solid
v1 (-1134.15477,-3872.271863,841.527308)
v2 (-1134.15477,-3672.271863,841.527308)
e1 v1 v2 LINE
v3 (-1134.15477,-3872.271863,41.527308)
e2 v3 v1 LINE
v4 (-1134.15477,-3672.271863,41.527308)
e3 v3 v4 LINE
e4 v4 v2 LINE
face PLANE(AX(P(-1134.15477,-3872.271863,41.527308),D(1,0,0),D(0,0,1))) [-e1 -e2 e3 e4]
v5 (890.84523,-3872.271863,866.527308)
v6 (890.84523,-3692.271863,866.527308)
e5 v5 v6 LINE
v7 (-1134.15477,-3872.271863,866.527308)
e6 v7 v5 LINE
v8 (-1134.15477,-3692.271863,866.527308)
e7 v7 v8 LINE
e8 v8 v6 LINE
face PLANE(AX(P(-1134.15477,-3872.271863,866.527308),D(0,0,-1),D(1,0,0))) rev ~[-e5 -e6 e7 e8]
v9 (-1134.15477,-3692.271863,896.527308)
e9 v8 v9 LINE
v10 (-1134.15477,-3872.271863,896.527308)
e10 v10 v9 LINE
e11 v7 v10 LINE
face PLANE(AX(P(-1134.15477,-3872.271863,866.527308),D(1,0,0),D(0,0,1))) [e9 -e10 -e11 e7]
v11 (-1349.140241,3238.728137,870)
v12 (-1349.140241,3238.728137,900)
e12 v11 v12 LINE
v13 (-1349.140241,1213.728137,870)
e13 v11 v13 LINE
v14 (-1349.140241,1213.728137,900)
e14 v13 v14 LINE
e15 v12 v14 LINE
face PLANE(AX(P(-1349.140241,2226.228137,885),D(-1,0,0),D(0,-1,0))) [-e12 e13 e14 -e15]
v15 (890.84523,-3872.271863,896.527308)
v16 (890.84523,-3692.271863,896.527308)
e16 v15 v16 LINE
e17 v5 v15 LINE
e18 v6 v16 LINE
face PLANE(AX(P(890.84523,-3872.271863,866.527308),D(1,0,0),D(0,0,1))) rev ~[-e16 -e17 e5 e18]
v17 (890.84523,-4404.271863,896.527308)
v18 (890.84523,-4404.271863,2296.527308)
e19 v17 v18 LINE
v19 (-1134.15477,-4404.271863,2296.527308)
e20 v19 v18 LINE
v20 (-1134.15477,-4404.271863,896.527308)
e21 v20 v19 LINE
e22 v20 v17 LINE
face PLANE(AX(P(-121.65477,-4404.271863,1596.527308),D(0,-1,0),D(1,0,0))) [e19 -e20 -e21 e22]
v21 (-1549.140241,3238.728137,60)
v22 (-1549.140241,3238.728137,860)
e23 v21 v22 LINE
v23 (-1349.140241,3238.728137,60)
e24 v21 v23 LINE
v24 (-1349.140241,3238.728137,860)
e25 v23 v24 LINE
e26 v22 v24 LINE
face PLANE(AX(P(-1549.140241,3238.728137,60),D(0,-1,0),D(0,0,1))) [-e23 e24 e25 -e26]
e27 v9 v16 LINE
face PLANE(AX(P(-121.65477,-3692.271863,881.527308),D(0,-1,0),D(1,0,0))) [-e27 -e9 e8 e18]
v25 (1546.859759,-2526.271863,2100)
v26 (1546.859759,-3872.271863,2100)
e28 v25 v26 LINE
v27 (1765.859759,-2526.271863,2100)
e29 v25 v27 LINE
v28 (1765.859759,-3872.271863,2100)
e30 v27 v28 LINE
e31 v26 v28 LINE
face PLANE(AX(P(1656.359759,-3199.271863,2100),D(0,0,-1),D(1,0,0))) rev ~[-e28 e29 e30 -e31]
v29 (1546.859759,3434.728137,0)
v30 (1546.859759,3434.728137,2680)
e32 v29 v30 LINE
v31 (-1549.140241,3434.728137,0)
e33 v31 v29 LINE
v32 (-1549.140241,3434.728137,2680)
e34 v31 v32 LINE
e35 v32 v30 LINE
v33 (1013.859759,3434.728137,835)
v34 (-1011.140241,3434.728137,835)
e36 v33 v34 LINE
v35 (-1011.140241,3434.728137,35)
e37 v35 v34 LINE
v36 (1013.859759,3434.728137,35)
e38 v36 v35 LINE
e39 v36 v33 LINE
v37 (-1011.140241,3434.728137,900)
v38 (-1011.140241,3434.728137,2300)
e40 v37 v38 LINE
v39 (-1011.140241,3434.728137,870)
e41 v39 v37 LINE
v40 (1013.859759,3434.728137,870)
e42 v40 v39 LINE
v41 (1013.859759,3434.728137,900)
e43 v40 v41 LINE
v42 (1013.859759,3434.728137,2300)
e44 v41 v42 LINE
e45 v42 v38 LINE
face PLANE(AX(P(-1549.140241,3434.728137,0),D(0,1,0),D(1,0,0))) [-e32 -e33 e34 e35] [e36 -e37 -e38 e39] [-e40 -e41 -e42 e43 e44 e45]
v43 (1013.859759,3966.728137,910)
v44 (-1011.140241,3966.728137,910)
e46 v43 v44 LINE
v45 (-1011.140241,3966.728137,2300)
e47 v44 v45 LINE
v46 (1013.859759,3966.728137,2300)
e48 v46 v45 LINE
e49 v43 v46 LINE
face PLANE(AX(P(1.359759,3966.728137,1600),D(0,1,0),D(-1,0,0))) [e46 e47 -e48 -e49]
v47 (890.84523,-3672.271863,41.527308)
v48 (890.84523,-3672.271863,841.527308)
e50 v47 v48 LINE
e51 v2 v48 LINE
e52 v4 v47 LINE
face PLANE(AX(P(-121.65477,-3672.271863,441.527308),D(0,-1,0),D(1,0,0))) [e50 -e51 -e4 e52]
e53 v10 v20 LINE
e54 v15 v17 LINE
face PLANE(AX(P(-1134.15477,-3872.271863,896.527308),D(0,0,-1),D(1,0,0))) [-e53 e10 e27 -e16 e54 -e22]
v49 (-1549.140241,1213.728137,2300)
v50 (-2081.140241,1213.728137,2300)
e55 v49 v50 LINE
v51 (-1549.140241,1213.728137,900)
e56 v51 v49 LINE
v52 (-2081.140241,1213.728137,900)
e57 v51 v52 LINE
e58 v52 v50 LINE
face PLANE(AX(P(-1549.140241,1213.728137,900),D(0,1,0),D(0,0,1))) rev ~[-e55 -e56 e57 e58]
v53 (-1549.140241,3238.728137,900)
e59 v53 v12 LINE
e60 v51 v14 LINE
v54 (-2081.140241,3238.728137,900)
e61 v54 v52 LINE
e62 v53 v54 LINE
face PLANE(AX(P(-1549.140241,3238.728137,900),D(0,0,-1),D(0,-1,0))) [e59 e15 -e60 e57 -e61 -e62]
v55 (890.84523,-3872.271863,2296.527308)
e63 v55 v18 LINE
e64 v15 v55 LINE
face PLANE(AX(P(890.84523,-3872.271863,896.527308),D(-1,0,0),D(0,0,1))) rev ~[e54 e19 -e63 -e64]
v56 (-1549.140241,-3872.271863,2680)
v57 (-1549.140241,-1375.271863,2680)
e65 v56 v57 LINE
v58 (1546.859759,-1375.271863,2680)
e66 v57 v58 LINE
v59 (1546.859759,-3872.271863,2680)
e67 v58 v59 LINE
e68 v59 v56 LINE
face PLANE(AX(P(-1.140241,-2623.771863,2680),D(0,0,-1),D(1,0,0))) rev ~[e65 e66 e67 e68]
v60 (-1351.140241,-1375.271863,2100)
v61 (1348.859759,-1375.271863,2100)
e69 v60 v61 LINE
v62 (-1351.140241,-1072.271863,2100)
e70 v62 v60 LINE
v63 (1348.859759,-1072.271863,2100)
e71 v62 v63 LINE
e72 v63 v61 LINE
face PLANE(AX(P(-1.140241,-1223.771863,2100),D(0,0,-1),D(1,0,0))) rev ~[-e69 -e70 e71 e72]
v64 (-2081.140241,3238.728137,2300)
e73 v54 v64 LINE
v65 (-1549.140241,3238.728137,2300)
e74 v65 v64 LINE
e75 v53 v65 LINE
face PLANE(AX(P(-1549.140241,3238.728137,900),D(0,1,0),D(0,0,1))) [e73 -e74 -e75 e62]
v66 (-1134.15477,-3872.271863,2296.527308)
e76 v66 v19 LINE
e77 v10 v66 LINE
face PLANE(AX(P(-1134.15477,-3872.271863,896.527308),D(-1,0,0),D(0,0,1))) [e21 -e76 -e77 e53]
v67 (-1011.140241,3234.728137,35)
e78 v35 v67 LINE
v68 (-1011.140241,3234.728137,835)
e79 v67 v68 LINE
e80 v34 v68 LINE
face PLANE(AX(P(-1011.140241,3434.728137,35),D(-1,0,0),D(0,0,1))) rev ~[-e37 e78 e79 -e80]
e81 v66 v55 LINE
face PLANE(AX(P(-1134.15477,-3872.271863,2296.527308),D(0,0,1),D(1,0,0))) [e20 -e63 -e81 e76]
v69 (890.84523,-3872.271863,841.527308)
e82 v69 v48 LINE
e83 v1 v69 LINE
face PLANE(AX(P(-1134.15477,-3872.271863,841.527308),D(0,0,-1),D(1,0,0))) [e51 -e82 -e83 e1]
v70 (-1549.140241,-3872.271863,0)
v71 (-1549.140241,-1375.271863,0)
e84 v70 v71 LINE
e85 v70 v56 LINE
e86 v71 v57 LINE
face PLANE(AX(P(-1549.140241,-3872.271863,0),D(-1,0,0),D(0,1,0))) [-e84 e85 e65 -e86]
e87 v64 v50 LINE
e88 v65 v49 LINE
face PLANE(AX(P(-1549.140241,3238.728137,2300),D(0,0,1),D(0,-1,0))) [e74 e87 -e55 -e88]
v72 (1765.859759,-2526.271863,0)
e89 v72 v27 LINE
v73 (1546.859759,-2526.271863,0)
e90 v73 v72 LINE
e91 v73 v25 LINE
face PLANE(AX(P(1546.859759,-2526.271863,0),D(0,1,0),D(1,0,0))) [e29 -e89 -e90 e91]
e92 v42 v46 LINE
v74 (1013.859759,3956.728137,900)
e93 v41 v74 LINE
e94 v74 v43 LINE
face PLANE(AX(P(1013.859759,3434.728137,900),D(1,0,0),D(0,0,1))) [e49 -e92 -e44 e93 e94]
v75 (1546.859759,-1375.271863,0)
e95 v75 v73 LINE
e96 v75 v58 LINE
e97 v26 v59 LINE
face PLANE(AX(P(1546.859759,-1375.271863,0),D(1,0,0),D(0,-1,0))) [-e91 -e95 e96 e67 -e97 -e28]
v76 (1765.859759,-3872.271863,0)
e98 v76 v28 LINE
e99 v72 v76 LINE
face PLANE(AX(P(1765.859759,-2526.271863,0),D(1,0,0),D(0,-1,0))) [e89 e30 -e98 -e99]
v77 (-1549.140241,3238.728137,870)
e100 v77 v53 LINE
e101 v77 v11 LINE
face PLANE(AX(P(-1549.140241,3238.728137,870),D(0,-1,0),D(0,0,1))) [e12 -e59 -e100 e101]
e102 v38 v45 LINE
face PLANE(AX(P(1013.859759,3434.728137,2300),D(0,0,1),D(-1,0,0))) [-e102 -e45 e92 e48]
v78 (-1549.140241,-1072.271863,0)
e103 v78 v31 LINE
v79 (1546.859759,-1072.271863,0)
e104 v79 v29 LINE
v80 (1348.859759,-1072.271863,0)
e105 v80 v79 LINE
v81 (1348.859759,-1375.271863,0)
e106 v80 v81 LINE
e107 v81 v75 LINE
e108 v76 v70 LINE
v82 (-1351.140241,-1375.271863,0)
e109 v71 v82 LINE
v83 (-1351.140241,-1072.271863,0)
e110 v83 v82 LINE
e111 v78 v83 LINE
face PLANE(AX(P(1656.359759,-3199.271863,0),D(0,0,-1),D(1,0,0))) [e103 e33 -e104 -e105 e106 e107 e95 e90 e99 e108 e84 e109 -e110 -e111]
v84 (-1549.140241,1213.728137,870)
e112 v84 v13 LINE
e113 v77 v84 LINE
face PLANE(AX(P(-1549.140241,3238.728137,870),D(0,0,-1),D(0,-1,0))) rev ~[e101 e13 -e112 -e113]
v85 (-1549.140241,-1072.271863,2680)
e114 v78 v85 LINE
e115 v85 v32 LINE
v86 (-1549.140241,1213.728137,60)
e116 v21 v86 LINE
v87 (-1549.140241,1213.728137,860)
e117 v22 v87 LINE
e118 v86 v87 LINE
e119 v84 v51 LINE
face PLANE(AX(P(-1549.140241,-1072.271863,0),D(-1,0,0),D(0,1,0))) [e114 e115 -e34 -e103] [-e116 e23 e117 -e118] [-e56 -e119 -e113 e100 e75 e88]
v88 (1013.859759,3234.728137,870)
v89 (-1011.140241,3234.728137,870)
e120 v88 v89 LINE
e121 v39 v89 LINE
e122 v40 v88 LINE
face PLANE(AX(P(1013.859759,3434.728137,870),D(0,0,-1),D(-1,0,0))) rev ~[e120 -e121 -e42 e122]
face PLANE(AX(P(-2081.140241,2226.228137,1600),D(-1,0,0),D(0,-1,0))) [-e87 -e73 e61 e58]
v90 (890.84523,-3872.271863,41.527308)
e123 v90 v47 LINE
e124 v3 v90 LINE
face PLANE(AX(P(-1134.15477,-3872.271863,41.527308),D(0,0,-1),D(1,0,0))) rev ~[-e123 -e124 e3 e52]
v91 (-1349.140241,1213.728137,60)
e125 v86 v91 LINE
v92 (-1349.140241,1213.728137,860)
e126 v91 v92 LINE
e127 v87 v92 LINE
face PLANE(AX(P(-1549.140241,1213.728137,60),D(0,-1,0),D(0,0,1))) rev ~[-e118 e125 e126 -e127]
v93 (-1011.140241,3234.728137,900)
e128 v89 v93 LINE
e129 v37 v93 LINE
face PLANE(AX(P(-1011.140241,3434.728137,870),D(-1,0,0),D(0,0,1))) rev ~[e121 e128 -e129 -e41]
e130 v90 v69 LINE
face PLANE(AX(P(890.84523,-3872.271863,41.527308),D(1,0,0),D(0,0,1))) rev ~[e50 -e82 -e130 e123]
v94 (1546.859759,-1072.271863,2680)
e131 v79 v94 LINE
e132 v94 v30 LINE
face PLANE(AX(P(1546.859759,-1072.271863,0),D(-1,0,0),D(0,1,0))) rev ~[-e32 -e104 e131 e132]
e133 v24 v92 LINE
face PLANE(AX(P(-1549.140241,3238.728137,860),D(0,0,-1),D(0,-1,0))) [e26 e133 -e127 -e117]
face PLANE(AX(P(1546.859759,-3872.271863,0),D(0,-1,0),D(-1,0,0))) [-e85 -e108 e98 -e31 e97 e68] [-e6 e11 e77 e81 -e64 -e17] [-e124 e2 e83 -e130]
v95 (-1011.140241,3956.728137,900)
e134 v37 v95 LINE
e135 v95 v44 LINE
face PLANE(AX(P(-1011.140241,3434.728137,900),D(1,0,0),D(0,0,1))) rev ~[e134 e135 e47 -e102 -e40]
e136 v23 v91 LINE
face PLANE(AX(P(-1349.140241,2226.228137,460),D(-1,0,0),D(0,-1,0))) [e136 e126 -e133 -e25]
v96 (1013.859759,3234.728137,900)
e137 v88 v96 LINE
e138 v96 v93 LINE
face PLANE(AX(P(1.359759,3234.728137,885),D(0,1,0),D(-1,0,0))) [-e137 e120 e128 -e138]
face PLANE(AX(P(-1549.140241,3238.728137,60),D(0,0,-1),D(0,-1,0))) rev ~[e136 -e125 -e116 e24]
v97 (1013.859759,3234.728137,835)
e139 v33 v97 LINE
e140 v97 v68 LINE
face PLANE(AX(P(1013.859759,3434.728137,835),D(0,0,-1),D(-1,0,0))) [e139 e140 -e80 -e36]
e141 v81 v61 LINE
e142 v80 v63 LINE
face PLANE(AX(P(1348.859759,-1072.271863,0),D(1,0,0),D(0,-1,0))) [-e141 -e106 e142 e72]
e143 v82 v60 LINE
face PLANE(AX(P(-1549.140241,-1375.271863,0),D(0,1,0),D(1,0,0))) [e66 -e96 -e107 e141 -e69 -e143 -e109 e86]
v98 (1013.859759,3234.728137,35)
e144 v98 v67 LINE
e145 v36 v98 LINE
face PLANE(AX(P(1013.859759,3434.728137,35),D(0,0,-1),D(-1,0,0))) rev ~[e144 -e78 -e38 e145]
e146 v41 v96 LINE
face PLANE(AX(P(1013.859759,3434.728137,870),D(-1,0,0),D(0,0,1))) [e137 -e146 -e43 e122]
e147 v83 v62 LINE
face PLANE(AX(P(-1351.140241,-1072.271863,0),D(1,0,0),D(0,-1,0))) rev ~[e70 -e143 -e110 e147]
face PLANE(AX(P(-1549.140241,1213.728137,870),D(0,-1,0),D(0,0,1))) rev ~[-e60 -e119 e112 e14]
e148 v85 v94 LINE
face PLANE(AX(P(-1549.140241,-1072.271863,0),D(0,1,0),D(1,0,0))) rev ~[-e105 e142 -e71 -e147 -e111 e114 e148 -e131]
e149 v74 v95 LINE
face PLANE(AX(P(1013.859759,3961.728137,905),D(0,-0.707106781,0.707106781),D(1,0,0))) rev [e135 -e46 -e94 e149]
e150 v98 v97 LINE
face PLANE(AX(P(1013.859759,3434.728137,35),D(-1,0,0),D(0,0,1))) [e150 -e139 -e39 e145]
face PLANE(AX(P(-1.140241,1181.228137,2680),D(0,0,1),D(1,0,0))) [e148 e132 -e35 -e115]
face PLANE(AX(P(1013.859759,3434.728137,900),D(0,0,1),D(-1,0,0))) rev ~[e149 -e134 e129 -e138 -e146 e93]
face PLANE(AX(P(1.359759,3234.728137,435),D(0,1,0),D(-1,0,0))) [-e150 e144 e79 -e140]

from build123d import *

# Parameters (mm, degrees)
F0_W      = 3096
F0_H      = 4507
F1_DEPTH  = 2680
F2_W      = 2025
F2_H      = 1400
F3_DEPTH  = 532
F4_W      = 2025
F4_H      = 1400
F5_DEPTH  = 532
F6_W      = 2025
F6_H      = 800
F7_DEPTH  = 200
F8_W      = 2700
F8_H      = 303
F9_DEPTH  = 2100
F11_DEPTH = 2680
F12_W     = 219
F12_H     = 1346
F13_DEPTH = 2100
F14_W     = 2025
F14_H     = 1400
F15_DEPTH = 532
F17_SIZE  = 10
F19_W     = 2025
F19_H     = 30
F20_DEPTH = 200
F21_W     = 2025
F21_H     = 30
F22_DEPTH = 180
F18_W     = 2025
F18_H     = 800
F23_DEPTH = 200
F24_W     = 2025
F24_H     = 30
F25_DEPTH = 200
F26_W     = 2025
F26_H     = 800
F27_DEPTH = 200


with BuildPart() as f1:
    # F0 (on Top) → F1 (new body)
    with BuildSketch(Plane.XY):
        with Locations((-1.140241, 1181.228137)):
            Rectangle(F0_W, F0_H)
    extrude(amount=F1_DEPTH)

    # F2 (on face) → F3 (join)
    with BuildSketch(Plane(origin=(0, 3434.728137, 0), x_dir=(-1, 0, 0), z_dir=(0, 1, 0))):
        with Locations((-1.359759, 1600)):
            Rectangle(F2_W, F2_H)
    extrude(amount=F3_DEPTH)

    # F4 (on face) → F5 (join)
    with BuildSketch(Plane(origin=(-1549.140241, 0, 0), x_dir=(0, -1, 0), z_dir=(-1, 0, 0))):
        with Locations((-2226.228137, 1600)):
            Rectangle(F4_W, F4_H)
    extrude(amount=F5_DEPTH)

    # F6 (on face) → F7 (cut)
    with BuildSketch(Plane(origin=(0, 3434.728137, 0), x_dir=(-1, 0, 0), z_dir=(0, 1, 0))):
        with Locations((-1.359759, 435)):
            Rectangle(F6_W, F6_H)
    extrude(amount=-F7_DEPTH, mode=Mode.SUBTRACT)

    # F8 (on face) → F9 (join)
    with BuildSketch(Plane(origin=(0, 0, 0), x_dir=(1, 0, 0), z_dir=(0, 0, -1))):
        with Locations((-1.140241, 1223.771863)):
            Rectangle(F8_W, F8_H)
    extrude(amount=-F9_DEPTH)

    # F10 (on face) → F11 (join)
    with BuildSketch(Plane(origin=(0, 0, 0), x_dir=(1, 0, 0), z_dir=(0, 0, -1))):
        Polygon((-1549.140241, 3872.271863), (-1549.140241, 1375.271863), (-1351.140241, 1375.271863), (1546.859759, 1375.271863), (1546.859759, 3872.271863), align=None)
    extrude(amount=-F11_DEPTH)

    # F12 (on face) → F13 (join)
    with BuildSketch(Plane(origin=(0, 0, 0), x_dir=(1, 0, 0), z_dir=(0, 0, -1))):
        with Locations((1656.359759, 3199.271863)):
            Rectangle(F12_W, F12_H)
    extrude(amount=-F13_DEPTH)

    # F14 (on face) → F15 (join)
    with BuildSketch(Plane.XZ.offset(3872.271863)):
        with Locations((-121.65477, 1596.527308)):
            Rectangle(F14_W, F14_H)
    extrude(amount=F15_DEPTH)

    # F17
    f17_edges = [f1.edges().sort_by_distance(p)[0] for p in [
        (1.359759, 3966.728137, 900),
    ]]
    chamfer(f17_edges, length=F17_SIZE)

    # F19 (on face) → F20 (cut)
    with BuildSketch(Plane(origin=(0, 3434.728137, 0), x_dir=(-1, 0, 0), z_dir=(0, 1, 0))):
        with Locations((-1.359759, 885)):
            Rectangle(F19_W, F19_H)
    extrude(amount=-F20_DEPTH, mode=Mode.SUBTRACT)

    # F21 (on face) → F22 (cut)
    with BuildSketch(Plane.XZ.offset(3872.271863)):
        with Locations((-121.65477, 881.527308)):
            Rectangle(F21_W, F21_H)
    extrude(amount=-F22_DEPTH, mode=Mode.SUBTRACT)

    # F18 (on face) → F23 (cut)
    with BuildSketch(Plane(origin=(-1549.140241, 0, 0), x_dir=(0, -1, 0), z_dir=(-1, 0, 0))):
        with Locations((-2226.228137, 460)):
            Rectangle(F18_W, F18_H)
    extrude(amount=-F23_DEPTH, mode=Mode.SUBTRACT)

    # F24 (on face) → F25 (cut)
    with BuildSketch(Plane(origin=(-1549.140241, 0, 0), x_dir=(0, -1, 0), z_dir=(-1, 0, 0))):
        with Locations((-2226.228137, 885)):
            Rectangle(F24_W, F24_H)
    extrude(amount=-F25_DEPTH, mode=Mode.SUBTRACT)

    # F26 (on face) → F27 (cut)
    with BuildSketch(Plane.XZ.offset(3872.271863)):
        with Locations((-121.65477, 441.527308)):
            Rectangle(F26_W, F26_H)
    extrude(amount=-F27_DEPTH, mode=Mode.SUBTRACT)


solid = f1.part
